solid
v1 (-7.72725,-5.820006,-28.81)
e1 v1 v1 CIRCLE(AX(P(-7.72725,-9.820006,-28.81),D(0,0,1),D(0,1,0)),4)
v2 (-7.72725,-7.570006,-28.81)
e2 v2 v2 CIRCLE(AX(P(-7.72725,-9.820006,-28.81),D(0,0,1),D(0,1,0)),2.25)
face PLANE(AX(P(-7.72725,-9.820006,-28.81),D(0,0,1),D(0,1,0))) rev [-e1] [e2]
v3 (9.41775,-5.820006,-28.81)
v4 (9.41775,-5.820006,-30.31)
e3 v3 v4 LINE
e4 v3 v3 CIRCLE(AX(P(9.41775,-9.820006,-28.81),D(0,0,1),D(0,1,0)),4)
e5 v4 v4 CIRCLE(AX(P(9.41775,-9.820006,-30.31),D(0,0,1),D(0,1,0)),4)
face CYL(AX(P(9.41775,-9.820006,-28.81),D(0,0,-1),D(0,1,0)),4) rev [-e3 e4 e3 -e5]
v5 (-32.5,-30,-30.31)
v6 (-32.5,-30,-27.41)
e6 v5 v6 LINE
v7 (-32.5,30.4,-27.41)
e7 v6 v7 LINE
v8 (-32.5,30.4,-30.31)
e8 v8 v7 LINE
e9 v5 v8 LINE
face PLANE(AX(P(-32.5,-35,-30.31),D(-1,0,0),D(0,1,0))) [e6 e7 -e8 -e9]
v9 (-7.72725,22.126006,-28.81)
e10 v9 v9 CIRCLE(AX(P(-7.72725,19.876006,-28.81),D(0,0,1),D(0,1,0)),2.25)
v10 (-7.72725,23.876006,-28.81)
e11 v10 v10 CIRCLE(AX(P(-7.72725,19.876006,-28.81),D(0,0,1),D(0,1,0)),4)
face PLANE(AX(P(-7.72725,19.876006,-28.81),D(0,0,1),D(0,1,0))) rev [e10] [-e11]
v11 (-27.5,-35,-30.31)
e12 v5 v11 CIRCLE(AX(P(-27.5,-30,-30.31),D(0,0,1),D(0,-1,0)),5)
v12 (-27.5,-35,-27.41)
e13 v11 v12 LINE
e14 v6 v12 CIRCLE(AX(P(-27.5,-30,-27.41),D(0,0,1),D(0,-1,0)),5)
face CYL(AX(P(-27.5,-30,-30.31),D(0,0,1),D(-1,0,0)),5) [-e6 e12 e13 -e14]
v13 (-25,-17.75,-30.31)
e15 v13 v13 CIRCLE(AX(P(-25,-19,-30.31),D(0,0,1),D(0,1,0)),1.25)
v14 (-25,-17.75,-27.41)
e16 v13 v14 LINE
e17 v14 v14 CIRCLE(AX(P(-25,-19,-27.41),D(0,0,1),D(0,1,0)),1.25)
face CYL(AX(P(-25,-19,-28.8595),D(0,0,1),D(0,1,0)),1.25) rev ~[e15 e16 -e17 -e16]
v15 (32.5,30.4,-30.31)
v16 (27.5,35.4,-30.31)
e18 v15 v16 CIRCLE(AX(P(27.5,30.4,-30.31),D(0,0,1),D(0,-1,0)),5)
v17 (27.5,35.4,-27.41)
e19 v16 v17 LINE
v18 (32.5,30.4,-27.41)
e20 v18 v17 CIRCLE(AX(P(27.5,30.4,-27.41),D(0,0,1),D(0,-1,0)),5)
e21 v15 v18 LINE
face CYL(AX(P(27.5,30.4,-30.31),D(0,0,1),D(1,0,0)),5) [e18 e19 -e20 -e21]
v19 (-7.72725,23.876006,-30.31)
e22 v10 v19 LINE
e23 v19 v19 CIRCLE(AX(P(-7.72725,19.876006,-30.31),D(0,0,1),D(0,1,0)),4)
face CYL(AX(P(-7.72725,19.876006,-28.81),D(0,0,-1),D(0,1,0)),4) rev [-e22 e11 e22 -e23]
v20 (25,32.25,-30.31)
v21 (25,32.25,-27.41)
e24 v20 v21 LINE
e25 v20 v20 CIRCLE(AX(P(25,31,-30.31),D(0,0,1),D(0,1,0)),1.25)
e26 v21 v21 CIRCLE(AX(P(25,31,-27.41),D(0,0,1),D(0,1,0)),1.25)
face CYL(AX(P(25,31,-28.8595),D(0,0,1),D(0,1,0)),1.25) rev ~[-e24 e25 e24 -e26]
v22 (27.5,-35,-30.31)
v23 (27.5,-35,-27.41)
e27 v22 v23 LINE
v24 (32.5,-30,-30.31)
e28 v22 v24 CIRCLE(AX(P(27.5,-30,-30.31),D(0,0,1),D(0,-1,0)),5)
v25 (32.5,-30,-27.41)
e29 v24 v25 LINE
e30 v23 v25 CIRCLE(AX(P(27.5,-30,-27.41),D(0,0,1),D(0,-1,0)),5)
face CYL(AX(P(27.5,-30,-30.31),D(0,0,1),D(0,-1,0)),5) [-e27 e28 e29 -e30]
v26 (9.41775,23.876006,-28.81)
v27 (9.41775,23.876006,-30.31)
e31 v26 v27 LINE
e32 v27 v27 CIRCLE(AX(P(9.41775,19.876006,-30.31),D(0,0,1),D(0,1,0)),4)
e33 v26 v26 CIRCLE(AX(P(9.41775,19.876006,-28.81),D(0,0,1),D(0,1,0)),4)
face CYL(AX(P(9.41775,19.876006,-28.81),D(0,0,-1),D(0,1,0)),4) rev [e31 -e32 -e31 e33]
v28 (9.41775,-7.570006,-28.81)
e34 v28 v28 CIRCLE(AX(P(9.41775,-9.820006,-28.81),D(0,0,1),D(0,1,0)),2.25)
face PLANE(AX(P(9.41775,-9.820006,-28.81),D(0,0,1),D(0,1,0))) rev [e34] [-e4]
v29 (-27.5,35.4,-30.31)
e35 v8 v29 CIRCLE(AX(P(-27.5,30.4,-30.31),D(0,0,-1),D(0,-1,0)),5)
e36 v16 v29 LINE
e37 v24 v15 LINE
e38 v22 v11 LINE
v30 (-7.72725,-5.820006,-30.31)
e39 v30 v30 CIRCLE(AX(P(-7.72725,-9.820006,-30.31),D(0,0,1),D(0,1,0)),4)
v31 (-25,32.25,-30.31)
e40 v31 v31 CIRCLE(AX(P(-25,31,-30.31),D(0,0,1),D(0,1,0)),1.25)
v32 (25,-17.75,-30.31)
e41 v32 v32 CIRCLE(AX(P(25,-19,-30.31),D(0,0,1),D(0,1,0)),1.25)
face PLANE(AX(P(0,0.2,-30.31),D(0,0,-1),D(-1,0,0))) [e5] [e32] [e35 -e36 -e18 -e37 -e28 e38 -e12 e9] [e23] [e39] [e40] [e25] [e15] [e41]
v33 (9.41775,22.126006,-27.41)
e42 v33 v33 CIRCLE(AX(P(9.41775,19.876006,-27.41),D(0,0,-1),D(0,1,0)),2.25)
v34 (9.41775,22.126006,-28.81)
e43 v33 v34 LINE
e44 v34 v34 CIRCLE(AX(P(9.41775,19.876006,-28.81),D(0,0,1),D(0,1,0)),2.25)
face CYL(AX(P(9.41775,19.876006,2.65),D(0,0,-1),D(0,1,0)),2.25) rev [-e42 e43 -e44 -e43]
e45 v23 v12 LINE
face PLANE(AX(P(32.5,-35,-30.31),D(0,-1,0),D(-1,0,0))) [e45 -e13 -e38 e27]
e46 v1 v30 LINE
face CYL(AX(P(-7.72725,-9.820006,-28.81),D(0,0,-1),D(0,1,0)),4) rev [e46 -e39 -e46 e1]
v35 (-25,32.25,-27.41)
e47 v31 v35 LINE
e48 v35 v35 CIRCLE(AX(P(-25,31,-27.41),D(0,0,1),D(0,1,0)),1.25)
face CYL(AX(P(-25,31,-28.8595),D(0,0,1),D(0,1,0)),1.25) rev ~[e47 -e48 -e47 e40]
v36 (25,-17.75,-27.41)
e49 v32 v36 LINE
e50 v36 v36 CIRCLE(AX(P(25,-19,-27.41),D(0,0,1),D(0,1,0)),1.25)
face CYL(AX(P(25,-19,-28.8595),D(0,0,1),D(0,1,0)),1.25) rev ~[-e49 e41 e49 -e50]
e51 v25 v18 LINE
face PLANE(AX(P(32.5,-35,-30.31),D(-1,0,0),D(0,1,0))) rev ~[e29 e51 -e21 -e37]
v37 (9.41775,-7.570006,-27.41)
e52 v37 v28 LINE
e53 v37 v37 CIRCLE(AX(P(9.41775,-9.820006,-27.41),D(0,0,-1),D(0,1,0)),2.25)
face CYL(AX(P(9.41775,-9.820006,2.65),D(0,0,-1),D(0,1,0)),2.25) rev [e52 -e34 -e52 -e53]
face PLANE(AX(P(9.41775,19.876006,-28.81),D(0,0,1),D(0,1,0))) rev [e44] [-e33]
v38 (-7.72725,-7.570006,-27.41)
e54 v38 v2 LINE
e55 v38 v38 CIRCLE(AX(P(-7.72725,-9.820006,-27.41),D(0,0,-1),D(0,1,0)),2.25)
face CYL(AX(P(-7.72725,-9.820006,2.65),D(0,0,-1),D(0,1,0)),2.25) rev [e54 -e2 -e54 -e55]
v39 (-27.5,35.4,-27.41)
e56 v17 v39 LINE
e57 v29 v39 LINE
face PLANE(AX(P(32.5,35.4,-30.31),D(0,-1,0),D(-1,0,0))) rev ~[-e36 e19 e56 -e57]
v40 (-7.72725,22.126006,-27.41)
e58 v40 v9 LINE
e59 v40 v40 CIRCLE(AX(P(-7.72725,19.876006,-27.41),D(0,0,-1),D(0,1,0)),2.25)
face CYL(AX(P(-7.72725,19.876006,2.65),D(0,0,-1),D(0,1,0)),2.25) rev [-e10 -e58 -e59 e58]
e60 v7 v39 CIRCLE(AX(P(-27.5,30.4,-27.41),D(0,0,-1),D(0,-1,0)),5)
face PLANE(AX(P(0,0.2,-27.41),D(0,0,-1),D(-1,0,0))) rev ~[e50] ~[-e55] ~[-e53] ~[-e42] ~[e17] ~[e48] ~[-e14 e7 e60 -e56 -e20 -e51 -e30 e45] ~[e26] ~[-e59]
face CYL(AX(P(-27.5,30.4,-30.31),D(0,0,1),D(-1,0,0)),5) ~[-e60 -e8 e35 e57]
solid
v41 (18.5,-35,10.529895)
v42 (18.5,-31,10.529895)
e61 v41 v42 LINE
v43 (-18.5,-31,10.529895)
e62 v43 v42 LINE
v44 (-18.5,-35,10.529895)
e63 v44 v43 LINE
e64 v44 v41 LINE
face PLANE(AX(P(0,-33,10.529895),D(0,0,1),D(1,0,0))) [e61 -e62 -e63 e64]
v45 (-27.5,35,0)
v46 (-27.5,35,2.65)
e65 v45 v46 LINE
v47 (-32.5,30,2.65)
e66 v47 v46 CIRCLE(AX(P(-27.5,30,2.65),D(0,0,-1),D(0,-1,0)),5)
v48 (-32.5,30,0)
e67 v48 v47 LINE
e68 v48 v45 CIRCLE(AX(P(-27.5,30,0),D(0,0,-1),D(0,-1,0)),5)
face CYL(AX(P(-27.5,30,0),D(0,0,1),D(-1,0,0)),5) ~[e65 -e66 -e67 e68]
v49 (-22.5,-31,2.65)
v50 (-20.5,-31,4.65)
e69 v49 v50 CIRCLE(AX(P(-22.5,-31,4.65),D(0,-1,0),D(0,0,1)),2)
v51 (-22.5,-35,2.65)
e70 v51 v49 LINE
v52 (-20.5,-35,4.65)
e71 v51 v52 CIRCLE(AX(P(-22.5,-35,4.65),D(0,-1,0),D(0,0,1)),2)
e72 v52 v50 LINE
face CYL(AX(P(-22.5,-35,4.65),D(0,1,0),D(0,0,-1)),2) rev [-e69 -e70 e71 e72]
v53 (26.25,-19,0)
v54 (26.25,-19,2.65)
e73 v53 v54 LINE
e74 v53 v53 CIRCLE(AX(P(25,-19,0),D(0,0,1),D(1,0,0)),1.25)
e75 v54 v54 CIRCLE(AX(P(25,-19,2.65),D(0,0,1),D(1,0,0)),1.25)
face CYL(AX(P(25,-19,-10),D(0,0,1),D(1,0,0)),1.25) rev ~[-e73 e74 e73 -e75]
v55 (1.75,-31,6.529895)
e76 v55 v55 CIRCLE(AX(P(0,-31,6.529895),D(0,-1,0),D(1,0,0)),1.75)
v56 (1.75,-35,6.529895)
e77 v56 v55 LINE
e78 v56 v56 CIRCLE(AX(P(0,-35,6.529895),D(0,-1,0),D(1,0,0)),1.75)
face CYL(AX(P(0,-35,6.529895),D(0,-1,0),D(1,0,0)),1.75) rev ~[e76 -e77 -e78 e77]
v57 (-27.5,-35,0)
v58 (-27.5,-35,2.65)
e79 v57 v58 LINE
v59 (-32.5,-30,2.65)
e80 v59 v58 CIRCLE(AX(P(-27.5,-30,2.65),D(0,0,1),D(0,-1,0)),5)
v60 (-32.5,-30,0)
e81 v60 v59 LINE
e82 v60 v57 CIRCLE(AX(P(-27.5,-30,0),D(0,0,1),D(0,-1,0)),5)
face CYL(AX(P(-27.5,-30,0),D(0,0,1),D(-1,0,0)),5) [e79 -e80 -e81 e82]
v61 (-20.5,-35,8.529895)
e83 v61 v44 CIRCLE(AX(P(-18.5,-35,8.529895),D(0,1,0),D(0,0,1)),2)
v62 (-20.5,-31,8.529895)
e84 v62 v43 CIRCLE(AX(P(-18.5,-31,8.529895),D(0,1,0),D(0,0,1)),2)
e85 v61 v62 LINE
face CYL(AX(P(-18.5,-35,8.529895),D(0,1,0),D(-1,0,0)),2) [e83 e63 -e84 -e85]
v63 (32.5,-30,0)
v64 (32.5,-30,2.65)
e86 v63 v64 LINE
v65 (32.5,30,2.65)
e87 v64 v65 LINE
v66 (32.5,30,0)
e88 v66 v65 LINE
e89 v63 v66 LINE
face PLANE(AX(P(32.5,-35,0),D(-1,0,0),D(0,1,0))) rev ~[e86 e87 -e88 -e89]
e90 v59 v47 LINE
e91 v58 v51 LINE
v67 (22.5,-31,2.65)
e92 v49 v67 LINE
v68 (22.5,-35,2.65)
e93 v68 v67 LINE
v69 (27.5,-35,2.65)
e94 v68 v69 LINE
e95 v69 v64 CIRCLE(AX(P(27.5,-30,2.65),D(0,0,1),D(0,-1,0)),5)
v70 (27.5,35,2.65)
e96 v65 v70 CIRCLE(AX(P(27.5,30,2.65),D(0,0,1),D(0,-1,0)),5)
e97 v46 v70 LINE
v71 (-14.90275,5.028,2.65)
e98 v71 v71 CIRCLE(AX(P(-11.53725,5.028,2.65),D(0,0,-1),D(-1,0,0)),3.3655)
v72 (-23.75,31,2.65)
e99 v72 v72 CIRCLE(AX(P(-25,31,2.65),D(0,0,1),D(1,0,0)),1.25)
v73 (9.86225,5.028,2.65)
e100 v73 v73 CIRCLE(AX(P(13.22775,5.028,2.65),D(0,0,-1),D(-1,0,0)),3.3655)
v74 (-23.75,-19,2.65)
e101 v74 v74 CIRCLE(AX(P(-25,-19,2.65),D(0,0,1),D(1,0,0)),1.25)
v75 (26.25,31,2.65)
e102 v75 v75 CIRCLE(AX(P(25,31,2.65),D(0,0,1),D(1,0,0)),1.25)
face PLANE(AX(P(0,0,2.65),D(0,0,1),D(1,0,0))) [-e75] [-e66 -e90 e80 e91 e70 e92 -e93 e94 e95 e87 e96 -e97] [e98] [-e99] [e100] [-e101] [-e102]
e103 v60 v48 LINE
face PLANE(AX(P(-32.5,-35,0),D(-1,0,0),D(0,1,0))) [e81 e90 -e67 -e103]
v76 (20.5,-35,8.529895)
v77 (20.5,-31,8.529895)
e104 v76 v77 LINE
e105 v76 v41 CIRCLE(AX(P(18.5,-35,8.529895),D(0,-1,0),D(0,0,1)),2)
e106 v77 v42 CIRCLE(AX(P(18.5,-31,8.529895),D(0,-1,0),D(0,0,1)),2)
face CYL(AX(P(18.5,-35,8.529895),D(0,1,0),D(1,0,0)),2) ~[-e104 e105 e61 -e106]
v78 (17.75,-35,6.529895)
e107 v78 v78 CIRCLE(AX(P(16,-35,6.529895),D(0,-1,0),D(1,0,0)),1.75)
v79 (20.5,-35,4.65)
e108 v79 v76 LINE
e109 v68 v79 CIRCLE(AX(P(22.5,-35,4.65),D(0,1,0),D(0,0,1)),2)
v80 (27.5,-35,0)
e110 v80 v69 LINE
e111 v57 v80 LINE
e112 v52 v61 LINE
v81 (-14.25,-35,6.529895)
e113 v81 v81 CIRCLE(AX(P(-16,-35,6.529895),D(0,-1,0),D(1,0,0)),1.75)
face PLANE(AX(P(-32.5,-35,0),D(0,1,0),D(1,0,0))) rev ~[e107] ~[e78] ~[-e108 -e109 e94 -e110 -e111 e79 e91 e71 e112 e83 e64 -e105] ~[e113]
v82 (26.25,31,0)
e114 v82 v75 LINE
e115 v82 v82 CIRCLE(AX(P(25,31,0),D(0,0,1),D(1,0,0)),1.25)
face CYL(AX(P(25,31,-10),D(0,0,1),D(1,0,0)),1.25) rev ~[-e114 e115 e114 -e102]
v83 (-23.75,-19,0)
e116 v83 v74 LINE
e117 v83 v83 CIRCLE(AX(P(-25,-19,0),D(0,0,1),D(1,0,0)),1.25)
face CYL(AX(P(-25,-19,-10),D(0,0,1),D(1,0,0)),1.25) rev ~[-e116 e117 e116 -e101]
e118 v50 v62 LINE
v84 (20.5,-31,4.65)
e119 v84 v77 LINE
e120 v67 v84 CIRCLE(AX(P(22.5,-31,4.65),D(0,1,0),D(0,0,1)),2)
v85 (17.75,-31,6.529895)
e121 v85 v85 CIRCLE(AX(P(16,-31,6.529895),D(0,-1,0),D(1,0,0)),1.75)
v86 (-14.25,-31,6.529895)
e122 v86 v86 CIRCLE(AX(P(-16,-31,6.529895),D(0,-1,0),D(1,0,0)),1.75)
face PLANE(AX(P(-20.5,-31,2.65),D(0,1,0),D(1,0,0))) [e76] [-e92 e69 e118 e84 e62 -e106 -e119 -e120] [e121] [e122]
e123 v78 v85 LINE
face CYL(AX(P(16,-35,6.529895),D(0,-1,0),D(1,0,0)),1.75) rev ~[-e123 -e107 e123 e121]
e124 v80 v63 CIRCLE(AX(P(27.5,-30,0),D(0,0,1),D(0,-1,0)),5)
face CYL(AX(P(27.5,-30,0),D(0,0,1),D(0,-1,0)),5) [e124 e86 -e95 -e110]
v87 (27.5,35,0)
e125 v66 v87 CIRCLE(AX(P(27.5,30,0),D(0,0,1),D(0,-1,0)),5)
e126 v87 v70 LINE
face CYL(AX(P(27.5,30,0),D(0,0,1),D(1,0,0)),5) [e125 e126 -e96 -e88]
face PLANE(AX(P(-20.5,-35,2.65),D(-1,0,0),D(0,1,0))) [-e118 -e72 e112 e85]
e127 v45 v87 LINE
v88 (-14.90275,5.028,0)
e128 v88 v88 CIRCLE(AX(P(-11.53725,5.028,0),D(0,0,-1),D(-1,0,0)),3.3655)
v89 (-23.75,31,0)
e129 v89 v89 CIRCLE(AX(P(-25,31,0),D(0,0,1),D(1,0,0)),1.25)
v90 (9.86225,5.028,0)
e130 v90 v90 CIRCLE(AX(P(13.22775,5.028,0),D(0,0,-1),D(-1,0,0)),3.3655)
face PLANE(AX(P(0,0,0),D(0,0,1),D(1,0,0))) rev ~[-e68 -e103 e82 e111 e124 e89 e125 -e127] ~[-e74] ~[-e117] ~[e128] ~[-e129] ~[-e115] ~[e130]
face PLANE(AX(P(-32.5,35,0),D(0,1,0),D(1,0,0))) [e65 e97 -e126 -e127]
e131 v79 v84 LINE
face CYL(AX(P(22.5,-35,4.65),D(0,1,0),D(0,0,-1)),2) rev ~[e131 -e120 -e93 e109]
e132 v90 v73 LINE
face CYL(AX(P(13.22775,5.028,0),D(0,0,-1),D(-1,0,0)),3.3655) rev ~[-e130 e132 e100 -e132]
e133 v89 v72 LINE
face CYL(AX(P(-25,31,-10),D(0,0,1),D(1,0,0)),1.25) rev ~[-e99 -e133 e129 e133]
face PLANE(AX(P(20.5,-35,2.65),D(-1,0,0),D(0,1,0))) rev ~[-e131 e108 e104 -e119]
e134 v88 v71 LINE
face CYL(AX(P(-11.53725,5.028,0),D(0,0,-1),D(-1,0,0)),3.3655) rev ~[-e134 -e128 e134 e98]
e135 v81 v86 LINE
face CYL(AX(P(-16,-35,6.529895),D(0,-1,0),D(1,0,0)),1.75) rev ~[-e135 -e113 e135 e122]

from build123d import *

# Parameters (mm, degrees)
SKETCH1_W                   = 65
SKETCH1_H                   = 70
BOSS_EXTRUDE1_DEPTH         = 2.65
FILLET1_R                   = 5
SKETCH2_W                   = 41
SKETCH2_H                   = 4
BOSS_EXTRUDE2_DEPTH         = 7.87989528
FILLET2_R                   = 2
SKETCH_1_R                  = 1.75
CUT_EXTRUDE_1_DEPTH         = 71
HOLE_WIZARD_M3_1_D          = 2.5
HOLE_WIZARD_M3_1_DEPTH      = 10
HOLE_WIZARD_M3_1_TIP        = 0.751075774
CUT_EXTRUDE_2_REACH         = 12.53
SKETCH_8_R                  = 3.3655
CUT_EXTRUDE_3_REACH         = 12.53
SKETCH_10_R                 = 3.3655
SKETCH_11_W                 = 65
SKETCH_11_H                 = 70.4
EXTRUDE_1_DEPTH             = 2.9
FILLET_2_R                  = 5
FILLET_3_R                  = 5
FILLET_4_R                  = 5
FILLET_5_R                  = 5
SKETCH_24_W                 = 1.25
SKETCH_24_H                 = 2.901
HOLE_WIZARD_M3_2_AT_2_COUNT = 2
HOLE_WIZARD_M3_2_AT_2_PITCH = 50
HOLE_WIZARD_M3_2_AT_3_COUNT = 2
HOLE_WIZARD_M3_2_AT_3_PITCH = 50
HOLE_WIZARD_M3_2_AT_4_COUNT = 2
HOLE_WIZARD_M3_2_AT_4_PITCH = 70.710678119
HOLE_WIZARD_M4_2_AT_2_COUNT = 2
HOLE_WIZARD_M4_2_AT_2_PITCH = 17.145
HOLE_WIZARD_M4_2_AT_3_COUNT = 2
HOLE_WIZARD_M4_2_AT_3_PITCH = 34.29
HOLE_WIZARD_M4_2_AT_4_COUNT = 2
HOLE_WIZARD_M4_2_AT_4_PITCH = 29.696011096


with BuildPart() as part:
    # Sketch1 → Boss-Extrude1 (new body)
    with BuildSketch(Plane.XY):
        Rectangle(SKETCH1_W, SKETCH1_H)
    extrude(amount=BOSS_EXTRUDE1_DEPTH)

    # Fillet1
    fillet1_edges = [part.edges().sort_by_distance(p)[0] for p in [
        (32.5, -35, 1.325),
        (-32.5, -35, 1.325),
        (-32.5, 35, 1.325),
        (32.5, 35, 1.325),
    ]]
    fillet(fillet1_edges, radius=FILLET1_R)

    # Sketch2 → Boss-Extrude2 (add)
    with BuildSketch(Plane.XY.offset(2.65)):
        with Locations((0, -33)):
            Rectangle(SKETCH2_W, SKETCH2_H)
    extrude(amount=BOSS_EXTRUDE2_DEPTH)

    # Fillet2
    fillet2_edges = [part.edges().sort_by_distance(p)[0] for p in [
        (-20.5, -33, 2.65),
        (20.5, -33, 2.65),
        (-20.5, -33, 10.52989528),
        (20.5, -33, 10.52989528),
    ]]
    fillet(fillet2_edges, radius=FILLET2_R)

    # 草图1 → 切除-拉伸1 (cut, through all)
    with BuildSketch(Plane.XZ.offset(35)):
        with Locations((-16, 6.52989528)):
            Circle(SKETCH_1_R)
        with Locations((0, 6.52989528)):
            Circle(SKETCH_1_R)
        with Locations((16, 6.52989528)):
            Circle(SKETCH_1_R)
    extrude(amount=-CUT_EXTRUDE_1_DEPTH, mode=Mode.SUBTRACT)

    # M3 螺纹孔1
    with Locations(Plane(origin=(25, -19, 0), x_dir=(-1, 0, 0), z_dir=(0, 0, -1))):
        with Locations((0, 0), (0, 50), (50, 50), (50, 0)):
            Hole(HOLE_WIZARD_M3_1_D / 2, depth=HOLE_WIZARD_M3_1_DEPTH)
            with Locations((0, 0, -(HOLE_WIZARD_M3_1_DEPTH + HOLE_WIZARD_M3_1_TIP / 2))):  # 118° drill point
                Cone(0, HOLE_WIZARD_M3_1_D / 2, HOLE_WIZARD_M3_1_TIP, mode=Mode.SUBTRACT)

    # 草图8 → 切除-拉伸2 (cut, up to next)
    with BuildSketch(Plane(origin=(0, 0, 0), x_dir=(-1, 0, 0), z_dir=(0, 0, -1)), mode=Mode.PRIVATE) as cut_extrude_2_sk1:
        with Locations((11.53725, 5.028)):
            Circle(SKETCH_8_R)
    cut_extrude_2_tool1 = extrude(cut_extrude_2_sk1.sketch, amount=-CUT_EXTRUDE_2_REACH, mode=Mode.PRIVATE) & part.part
    add(cut_extrude_2_tool1.solids().sort_by_distance((-11.53725, 5.028, 0))[0], mode=Mode.SUBTRACT)

    # 草图10 → 切除-拉伸3 (cut, up to next)
    with BuildSketch(Plane(origin=(0, 0, 0), x_dir=(-1, 0, 0), z_dir=(0, 0, -1)), mode=Mode.PRIVATE) as cut_extrude_3_sk1:
        with Locations((-13.22775, 5.028)):
            Circle(SKETCH_10_R)
    cut_extrude_3_tool1 = extrude(cut_extrude_3_sk1.sketch, amount=-CUT_EXTRUDE_3_REACH, mode=Mode.PRIVATE) & part.part
    add(cut_extrude_3_tool1.solids().sort_by_distance((13.22775, 5.028, 0))[0], mode=Mode.SUBTRACT)


with BuildPart() as body_2:
    # 草图11 → 凸台-拉伸1 (new body)
    with BuildSketch(Plane(origin=(0, 0, -30.31), x_dir=(-1, 0, 0), z_dir=(0, 0, -1))):
        with Locations((0, 0.2)):
            Rectangle(SKETCH_11_W, SKETCH_11_H)
    extrude(amount=-EXTRUDE_1_DEPTH)

    # 圆角2
    fillet_2_edges = [body_2.edges().sort_by_distance(p)[0] for p in [
        (-32.5, 35.4, -28.86),
    ]]
    fillet(fillet_2_edges, radius=FILLET_2_R)

    # 圆角3
    fillet_3_edges = [body_2.edges().sort_by_distance(p)[0] for p in [
        (-32.5, -35, -28.86),
    ]]
    fillet(fillet_3_edges, radius=FILLET_3_R)

    # 圆角4
    fillet_4_edges = [body_2.edges().sort_by_distance(p)[0] for p in [
        (32.5, -35, -28.86),
    ]]
    fillet(fillet_4_edges, radius=FILLET_4_R)

    # 圆角5
    fillet_5_edges = [body_2.edges().sort_by_distance(p)[0] for p in [
        (32.5, 35.4, -28.86),
    ]]
    fillet(fillet_5_edges, radius=FILLET_5_R)

    # 草图24 → M3 螺纹孔2 (revolve, cut)
    with BuildSketch(Plane(origin=(25, 31, -30.31), x_dir=(0, 1, 0), z_dir=(1, 0, 0))):
        with Locations((0.625, 1.4505)):
            Rectangle(SKETCH_24_W, SKETCH_24_H)
    hole_wizard_m3_2 = revolve(axis=Axis((25, 31, -36.66), (0, 0, 1)), mode=Mode.SUBTRACT)

    # M3 螺纹孔2 at 2: M3 螺纹孔2 ×2
    with Locations(*[(-i * HOLE_WIZARD_M3_2_AT_2_PITCH, 0, 0) for i in range(1, HOLE_WIZARD_M3_2_AT_2_COUNT)]):
        add(hole_wizard_m3_2, mode=Mode.SUBTRACT)

    # M3 螺纹孔2 at 3: M3 螺纹孔2 ×2
    with Locations(*[(0, -i * HOLE_WIZARD_M3_2_AT_3_PITCH, 0) for i in range(1, HOLE_WIZARD_M3_2_AT_3_COUNT)]):
        add(hole_wizard_m3_2, mode=Mode.SUBTRACT)

    # M3 螺纹孔2 at 4: M3 螺纹孔2 ×2
    with Locations(*[Vector(-0.707106781, -0.707106781, 0) * (i * HOLE_WIZARD_M3_2_AT_4_PITCH) for i in range(1, HOLE_WIZARD_M3_2_AT_4_COUNT)]):
        add(hole_wizard_m3_2, mode=Mode.SUBTRACT)

    # 草图27 → M4 六角凹头螺钉的柱形沉头孔2 (revolve, cut)
    with BuildSketch(Plane(origin=(9.41775, -9.820005548, -30.31), x_dir=(0, 1, 0), z_dir=(1, 0, 0))):
        Polygon((0, 0), (0, 32.96), (2.25, 32.96), (2.25, 1.5), (4, 1.5), (4, 0), align=None)
    hole_wizard_m4_2 = revolve(axis=Axis((9.41775, -9.820005548, -36.66), (0, 0, 1)), mode=Mode.SUBTRACT)

    # M4 六角凹头螺钉的柱形沉头孔2 at 2: M4 六角凹头螺钉的柱形沉头孔2 ×2
    with Locations(*[(-i * HOLE_WIZARD_M4_2_AT_2_PITCH, 0, 0) for i in range(1, HOLE_WIZARD_M4_2_AT_2_COUNT)]):
        add(hole_wizard_m4_2, mode=Mode.SUBTRACT)

    # M4 六角凹头螺钉的柱形沉头孔2 at 3: M4 六角凹头螺钉的柱形沉头孔2 ×2
    with Locations(*[Vector(-0.5, 0.866025404, 0) * (i * HOLE_WIZARD_M4_2_AT_3_PITCH) for i in range(1, HOLE_WIZARD_M4_2_AT_3_COUNT)]):
        add(hole_wizard_m4_2, mode=Mode.SUBTRACT)

    # M4 六角凹头螺钉的柱形沉头孔2 at 4: M4 六角凹头螺钉的柱形沉头孔2 ×2
    with Locations(*[(0, i * HOLE_WIZARD_M4_2_AT_4_PITCH, 0) for i in range(1, HOLE_WIZARD_M4_2_AT_4_COUNT)]):
        add(hole_wizard_m4_2, mode=Mode.SUBTRACT)


solid = Compound([part.part, body_2.part])
